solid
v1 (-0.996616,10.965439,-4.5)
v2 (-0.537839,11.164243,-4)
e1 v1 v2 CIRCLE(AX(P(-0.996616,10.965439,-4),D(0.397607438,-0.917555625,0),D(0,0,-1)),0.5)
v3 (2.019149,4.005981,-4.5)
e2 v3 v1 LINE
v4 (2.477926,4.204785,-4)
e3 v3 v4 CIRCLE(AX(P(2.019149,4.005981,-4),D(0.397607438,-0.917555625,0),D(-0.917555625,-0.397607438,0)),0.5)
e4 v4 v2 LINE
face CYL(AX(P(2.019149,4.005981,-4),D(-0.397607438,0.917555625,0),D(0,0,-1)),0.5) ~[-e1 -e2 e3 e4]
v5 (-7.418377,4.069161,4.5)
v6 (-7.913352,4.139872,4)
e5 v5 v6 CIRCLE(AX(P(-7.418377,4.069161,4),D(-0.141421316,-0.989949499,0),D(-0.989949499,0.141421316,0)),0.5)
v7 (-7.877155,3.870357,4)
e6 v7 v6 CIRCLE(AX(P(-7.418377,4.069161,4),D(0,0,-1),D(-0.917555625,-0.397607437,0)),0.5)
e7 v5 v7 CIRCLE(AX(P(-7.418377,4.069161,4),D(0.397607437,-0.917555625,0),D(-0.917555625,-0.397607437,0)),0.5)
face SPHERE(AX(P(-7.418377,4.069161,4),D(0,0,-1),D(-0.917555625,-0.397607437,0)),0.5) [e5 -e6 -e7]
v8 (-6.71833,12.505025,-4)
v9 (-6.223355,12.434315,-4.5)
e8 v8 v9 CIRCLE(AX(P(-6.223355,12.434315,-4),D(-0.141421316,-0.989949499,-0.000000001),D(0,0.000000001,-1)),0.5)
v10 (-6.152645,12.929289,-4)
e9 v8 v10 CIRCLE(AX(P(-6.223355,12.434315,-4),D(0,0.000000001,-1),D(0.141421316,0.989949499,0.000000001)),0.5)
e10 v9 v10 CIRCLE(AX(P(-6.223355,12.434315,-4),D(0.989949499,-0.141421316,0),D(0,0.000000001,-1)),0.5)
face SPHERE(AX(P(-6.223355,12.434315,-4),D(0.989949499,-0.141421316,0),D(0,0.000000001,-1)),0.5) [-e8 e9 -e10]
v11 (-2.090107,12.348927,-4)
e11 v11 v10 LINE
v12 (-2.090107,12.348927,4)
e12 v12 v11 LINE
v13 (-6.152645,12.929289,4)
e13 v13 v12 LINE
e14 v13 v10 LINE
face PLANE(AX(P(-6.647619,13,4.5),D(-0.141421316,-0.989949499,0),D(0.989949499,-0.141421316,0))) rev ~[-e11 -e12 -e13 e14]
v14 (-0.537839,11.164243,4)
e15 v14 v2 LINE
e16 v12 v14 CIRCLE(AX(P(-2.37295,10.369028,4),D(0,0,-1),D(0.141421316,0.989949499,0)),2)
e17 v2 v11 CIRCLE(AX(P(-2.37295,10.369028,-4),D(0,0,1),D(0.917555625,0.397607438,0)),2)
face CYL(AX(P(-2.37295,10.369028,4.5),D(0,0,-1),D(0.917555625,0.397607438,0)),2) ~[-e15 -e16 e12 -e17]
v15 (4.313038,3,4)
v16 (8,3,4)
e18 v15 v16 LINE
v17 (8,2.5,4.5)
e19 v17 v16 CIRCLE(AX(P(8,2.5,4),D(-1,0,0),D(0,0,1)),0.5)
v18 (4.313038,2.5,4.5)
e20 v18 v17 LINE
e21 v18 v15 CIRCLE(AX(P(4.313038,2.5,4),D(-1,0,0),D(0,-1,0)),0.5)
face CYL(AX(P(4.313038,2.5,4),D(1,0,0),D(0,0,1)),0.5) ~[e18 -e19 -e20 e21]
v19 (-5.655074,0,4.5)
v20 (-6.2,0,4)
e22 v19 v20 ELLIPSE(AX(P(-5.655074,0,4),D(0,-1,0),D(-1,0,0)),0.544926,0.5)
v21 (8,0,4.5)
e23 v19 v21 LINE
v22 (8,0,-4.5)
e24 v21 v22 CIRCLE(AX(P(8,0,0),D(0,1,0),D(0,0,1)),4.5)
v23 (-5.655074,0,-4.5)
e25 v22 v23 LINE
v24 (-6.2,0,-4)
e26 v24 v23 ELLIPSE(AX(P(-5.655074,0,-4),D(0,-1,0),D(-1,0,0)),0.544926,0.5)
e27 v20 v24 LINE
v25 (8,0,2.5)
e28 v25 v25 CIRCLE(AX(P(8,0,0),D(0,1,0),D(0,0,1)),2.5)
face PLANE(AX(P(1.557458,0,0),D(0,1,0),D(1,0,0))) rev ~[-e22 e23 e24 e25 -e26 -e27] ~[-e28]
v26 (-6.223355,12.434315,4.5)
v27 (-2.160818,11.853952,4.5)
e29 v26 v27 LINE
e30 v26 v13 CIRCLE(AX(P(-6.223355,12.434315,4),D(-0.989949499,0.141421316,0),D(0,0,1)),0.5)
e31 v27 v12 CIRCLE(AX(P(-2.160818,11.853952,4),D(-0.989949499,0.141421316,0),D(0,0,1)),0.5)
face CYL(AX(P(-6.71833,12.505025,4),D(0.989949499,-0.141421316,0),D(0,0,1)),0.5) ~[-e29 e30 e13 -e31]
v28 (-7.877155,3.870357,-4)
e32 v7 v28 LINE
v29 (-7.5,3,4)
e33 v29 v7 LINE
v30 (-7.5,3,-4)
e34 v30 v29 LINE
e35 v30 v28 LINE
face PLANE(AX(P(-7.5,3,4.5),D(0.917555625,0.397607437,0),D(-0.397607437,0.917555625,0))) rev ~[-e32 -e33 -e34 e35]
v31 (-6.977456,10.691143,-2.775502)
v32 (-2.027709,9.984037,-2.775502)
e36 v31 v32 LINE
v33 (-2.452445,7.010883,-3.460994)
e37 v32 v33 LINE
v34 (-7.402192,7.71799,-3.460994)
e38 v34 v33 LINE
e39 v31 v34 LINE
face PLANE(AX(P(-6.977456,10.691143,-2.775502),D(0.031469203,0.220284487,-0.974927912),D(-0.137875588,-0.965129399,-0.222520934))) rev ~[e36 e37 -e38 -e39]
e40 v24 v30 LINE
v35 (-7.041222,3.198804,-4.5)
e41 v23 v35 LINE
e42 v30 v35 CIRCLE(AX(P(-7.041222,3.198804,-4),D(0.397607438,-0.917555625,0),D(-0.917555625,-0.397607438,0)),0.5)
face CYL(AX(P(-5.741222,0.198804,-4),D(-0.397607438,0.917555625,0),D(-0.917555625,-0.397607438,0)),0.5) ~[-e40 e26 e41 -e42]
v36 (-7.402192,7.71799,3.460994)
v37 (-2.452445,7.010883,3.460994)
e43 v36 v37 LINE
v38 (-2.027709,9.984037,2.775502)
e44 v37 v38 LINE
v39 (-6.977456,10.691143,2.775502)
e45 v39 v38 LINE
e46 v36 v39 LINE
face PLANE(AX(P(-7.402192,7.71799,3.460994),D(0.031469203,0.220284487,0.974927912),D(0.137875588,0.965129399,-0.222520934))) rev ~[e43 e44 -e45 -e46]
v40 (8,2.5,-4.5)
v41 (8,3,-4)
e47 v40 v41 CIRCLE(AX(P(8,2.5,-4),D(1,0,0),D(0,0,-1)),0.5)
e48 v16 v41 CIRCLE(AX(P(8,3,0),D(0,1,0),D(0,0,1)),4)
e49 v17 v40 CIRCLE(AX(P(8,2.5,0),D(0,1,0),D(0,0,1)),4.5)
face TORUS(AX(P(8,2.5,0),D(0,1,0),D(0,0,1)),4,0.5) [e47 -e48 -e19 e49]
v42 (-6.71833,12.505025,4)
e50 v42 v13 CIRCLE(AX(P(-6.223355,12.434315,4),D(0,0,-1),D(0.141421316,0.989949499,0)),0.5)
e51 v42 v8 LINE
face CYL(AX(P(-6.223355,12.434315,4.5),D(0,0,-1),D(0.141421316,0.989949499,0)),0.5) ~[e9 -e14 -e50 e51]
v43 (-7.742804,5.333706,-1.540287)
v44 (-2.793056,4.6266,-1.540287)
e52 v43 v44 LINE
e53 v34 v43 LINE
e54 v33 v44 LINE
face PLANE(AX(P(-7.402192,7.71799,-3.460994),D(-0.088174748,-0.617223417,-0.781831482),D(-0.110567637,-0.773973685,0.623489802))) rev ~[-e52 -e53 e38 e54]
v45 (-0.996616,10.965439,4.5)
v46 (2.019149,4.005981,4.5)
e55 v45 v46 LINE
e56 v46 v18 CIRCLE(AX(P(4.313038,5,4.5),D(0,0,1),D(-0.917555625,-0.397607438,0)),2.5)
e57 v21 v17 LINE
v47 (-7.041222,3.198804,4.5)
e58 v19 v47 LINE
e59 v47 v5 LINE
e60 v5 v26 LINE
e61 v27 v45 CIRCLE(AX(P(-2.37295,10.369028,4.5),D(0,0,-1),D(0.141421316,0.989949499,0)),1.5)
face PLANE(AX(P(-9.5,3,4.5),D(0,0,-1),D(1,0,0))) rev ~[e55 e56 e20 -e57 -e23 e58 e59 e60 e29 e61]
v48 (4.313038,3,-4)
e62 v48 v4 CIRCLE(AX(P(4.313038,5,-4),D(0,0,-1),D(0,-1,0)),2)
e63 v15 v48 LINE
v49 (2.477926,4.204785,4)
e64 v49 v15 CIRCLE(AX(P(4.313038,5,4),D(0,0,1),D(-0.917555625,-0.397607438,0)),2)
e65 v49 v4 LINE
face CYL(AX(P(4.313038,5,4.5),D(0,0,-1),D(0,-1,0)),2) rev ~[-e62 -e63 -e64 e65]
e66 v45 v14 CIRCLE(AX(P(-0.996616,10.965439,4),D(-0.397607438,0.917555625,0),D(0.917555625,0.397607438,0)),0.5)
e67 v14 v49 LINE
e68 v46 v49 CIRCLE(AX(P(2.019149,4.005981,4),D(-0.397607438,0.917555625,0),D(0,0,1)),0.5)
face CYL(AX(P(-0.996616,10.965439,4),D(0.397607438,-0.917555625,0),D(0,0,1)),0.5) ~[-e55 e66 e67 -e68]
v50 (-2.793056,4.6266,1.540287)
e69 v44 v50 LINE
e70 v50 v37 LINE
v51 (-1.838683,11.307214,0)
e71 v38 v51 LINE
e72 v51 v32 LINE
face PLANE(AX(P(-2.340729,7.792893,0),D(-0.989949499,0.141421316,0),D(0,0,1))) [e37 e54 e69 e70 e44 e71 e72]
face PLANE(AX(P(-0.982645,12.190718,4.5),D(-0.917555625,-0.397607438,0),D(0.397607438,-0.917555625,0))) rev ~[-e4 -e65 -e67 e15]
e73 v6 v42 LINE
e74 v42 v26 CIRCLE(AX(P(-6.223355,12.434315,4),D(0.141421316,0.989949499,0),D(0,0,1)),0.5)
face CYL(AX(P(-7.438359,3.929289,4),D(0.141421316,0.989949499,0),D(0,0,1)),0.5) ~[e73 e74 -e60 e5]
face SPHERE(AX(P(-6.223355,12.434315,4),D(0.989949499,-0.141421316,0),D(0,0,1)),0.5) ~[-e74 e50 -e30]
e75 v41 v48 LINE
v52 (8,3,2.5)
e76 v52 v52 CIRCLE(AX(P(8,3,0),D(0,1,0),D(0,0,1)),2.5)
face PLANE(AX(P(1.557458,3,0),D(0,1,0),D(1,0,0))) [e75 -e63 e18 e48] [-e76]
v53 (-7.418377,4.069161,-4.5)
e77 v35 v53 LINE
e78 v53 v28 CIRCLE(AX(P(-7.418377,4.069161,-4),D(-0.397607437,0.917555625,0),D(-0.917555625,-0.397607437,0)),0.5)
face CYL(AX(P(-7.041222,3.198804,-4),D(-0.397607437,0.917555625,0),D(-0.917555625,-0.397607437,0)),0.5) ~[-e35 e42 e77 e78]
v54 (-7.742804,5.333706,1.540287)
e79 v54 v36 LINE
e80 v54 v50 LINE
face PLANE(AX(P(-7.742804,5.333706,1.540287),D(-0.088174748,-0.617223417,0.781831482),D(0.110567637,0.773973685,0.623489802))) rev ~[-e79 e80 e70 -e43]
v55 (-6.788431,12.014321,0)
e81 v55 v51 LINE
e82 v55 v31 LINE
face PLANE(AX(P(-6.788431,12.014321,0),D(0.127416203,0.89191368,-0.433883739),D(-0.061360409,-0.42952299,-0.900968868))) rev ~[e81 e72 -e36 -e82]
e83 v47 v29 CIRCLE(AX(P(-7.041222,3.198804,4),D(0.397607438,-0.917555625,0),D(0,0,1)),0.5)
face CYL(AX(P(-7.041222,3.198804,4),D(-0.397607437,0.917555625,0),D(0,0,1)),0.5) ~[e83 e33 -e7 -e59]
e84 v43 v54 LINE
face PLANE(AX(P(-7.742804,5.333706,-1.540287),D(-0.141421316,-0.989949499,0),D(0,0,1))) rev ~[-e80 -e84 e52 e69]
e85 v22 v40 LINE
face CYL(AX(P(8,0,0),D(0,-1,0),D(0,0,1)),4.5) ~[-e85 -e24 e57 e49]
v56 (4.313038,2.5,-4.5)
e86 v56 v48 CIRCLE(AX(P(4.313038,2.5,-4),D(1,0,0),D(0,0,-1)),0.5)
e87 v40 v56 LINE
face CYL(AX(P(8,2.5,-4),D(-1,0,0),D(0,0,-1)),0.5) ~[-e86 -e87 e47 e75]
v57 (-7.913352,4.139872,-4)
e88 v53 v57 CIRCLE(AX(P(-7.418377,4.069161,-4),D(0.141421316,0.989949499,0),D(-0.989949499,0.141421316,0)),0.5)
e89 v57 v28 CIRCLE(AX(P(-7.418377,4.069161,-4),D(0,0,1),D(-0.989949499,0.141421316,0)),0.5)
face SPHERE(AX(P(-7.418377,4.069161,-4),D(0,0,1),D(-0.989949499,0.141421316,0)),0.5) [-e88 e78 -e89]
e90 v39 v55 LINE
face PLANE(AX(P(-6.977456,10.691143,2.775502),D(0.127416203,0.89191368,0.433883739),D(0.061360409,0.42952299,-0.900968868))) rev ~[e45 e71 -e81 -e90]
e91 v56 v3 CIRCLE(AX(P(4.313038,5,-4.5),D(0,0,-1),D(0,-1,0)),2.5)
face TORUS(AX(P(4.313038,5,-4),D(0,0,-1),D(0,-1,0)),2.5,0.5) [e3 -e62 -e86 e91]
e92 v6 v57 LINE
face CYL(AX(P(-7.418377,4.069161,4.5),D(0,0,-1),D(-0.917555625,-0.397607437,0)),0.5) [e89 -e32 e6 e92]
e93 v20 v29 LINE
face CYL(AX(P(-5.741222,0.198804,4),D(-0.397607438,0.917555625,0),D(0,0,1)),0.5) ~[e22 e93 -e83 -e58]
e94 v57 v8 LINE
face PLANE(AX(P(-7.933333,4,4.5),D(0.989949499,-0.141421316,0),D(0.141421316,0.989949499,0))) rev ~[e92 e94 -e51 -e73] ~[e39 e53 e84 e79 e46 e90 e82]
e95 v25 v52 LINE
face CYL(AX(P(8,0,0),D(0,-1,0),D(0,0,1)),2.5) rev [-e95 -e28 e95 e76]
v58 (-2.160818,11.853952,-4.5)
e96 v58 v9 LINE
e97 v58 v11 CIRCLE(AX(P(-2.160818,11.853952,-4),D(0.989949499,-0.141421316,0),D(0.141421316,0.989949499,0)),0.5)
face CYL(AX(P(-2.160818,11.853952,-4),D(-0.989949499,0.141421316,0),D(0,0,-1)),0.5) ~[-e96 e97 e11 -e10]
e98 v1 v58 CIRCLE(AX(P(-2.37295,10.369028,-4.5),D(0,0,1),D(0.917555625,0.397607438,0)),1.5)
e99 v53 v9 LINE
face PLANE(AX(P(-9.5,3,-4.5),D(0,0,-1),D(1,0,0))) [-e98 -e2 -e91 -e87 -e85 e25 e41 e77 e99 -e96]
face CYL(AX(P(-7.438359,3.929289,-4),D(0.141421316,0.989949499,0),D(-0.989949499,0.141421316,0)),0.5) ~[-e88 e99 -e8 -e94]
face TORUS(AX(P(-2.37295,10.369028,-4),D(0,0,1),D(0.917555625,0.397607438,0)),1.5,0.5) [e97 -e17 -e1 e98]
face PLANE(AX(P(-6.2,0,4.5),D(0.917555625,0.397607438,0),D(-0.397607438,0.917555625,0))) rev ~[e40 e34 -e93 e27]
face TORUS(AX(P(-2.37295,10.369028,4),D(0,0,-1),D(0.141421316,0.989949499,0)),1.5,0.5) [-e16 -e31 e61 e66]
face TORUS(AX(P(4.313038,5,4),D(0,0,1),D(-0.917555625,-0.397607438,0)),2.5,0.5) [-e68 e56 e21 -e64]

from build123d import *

# Parameters (mm, degrees)
SKETCH1_R           = 2.5
BOSS_EXTRUDE1_DEPTH = 3
SKETCH2_W           = 12.5
SKETCH2_H           = 9
BOSS_EXTRUDE2_DEPTH = 10
SKETCH3_W           = 2
SKETCH3_H           = 3
CUT_EXTRUDE1_DEPTH  = 9
CUT_EXTRUDE2_DEPTH  = 5
FILLET1_R           = 2
FILLET2_R           = 0.5


with BuildPart() as part:
    # Sketch1 → Boss-Extrude1 (new body)
    with BuildSketch(Plane(origin=(0, 0, 0), x_dir=(1, 0, 0), z_dir=(0, 1, 0))):
        with BuildLine():
            Line((-7.5, -4.5), (8, -4.5))
            ThreePointArc((8, -4.5), (12.5, 0), (8, 4.5))
            Line((8, 4.5), (-7.5, 4.5))
            Line((-7.5, 4.5), (-7.5, -4.5))
        make_face()
        with Locations(Location((8, 0, 0), (0, 0, 270))):
            Circle(SKETCH1_R, mode=Mode.SUBTRACT)
    extrude(amount=BOSS_EXTRUDE1_DEPTH)

    # Sketch2 → Boss-Extrude2 (add)
    with BuildSketch(Plane(origin=(0, 3, 0), x_dir=(1, 0, 0), z_dir=(0, 1, 0))):
        with Locations((-3.25, 0)):
            Rectangle(SKETCH2_W, SKETCH2_H)
    extrude(amount=BOSS_EXTRUDE2_DEPTH)

    # Sketch3 → Cut-Extrude1 (cut)
    with BuildSketch(Plane.XY.offset(4.5)):
        Polygon((-9.5, 3), (-7.5, 3), (-7.933333333, 4), (-7.933333333, 13), (-9.5, 13), align=None)
        Polygon((-7.933333333, 13), (-7.933333333, 4), (-6.647619425, 13), align=None)
        Polygon((-7.5, 0), (-6.2, 0), (-7.5, 3), align=None)
        with Locations((-8.5, 1.5)):
            Rectangle(SKETCH3_W, SKETCH3_H)
        Polygon((3, 13), (-6.647619425, 13), (-0.982644513, 12.190718107), (3, 3), align=None)
    extrude(amount=-CUT_EXTRUDE1_DEPTH, mode=Mode.SUBTRACT)

    # Sketch5 → Cut-Extrude2 (cut)
    with BuildSketch(Plane(origin=(-8.3346666, 1.190666308, 0), x_dir=(0, 0, 1), z_dir=(-0.9899494994718544, 0.14142131556248963, 0))):
        Polygon((0, 10.933541985), (-2.775501763, 9.596930781), (-3.460994088, 6.593592669), (-1.540287274, 4.185102504), (1.540287274, 4.185102504), (3.460994088, 6.593592669), (2.775501763, 9.596930781), align=None)
    extrude(amount=-CUT_EXTRUDE2_DEPTH, mode=Mode.SUBTRACT)

    # Fillet1
    fillet1_edges = [part.edges().sort_by_distance(p)[0] for p in [
        (3, 3, 0),
        (-0.982644513, 12.190718107, 0),
    ]]
    fillet(fillet1_edges, radius=FILLET1_R)

    # Fillet2
    fillet2_edges = [part.edges().sort_by_distance(p)[0] for p in [
        (6.156518848, 3, 4.5),
        (-1.159565612, 11.958901825, 4.5),
        (-1.159565612, 11.958901825, -4.5),
        (3.215410654, 3.328110388, -4.5),
        (3.215410654, 3.328110388, 4.5),
        (12.5, 3, 0),
        (6.156518848, 3, -4.5),
        (-7.066666667, 2, -4.5),
        (-7.933333333, 4, 0),
        (-7.066666667, 2, 4.5),
        (-7.290476379, 8.5, 4.5),
        (-7.290476379, 8.5, -4.5),
        (-6.647619425, 13, 0),
        (-4.368863316, 12.674463509, -4.5),
        (-4.368863316, 12.674463509, 4.5),
        (0.970043929, 7.684514009, 4.5),
        (0.970043929, 7.684514009, -4.5),
    ]]
    fillet(fillet2_edges, radius=FILLET2_R)


solid = part.part
